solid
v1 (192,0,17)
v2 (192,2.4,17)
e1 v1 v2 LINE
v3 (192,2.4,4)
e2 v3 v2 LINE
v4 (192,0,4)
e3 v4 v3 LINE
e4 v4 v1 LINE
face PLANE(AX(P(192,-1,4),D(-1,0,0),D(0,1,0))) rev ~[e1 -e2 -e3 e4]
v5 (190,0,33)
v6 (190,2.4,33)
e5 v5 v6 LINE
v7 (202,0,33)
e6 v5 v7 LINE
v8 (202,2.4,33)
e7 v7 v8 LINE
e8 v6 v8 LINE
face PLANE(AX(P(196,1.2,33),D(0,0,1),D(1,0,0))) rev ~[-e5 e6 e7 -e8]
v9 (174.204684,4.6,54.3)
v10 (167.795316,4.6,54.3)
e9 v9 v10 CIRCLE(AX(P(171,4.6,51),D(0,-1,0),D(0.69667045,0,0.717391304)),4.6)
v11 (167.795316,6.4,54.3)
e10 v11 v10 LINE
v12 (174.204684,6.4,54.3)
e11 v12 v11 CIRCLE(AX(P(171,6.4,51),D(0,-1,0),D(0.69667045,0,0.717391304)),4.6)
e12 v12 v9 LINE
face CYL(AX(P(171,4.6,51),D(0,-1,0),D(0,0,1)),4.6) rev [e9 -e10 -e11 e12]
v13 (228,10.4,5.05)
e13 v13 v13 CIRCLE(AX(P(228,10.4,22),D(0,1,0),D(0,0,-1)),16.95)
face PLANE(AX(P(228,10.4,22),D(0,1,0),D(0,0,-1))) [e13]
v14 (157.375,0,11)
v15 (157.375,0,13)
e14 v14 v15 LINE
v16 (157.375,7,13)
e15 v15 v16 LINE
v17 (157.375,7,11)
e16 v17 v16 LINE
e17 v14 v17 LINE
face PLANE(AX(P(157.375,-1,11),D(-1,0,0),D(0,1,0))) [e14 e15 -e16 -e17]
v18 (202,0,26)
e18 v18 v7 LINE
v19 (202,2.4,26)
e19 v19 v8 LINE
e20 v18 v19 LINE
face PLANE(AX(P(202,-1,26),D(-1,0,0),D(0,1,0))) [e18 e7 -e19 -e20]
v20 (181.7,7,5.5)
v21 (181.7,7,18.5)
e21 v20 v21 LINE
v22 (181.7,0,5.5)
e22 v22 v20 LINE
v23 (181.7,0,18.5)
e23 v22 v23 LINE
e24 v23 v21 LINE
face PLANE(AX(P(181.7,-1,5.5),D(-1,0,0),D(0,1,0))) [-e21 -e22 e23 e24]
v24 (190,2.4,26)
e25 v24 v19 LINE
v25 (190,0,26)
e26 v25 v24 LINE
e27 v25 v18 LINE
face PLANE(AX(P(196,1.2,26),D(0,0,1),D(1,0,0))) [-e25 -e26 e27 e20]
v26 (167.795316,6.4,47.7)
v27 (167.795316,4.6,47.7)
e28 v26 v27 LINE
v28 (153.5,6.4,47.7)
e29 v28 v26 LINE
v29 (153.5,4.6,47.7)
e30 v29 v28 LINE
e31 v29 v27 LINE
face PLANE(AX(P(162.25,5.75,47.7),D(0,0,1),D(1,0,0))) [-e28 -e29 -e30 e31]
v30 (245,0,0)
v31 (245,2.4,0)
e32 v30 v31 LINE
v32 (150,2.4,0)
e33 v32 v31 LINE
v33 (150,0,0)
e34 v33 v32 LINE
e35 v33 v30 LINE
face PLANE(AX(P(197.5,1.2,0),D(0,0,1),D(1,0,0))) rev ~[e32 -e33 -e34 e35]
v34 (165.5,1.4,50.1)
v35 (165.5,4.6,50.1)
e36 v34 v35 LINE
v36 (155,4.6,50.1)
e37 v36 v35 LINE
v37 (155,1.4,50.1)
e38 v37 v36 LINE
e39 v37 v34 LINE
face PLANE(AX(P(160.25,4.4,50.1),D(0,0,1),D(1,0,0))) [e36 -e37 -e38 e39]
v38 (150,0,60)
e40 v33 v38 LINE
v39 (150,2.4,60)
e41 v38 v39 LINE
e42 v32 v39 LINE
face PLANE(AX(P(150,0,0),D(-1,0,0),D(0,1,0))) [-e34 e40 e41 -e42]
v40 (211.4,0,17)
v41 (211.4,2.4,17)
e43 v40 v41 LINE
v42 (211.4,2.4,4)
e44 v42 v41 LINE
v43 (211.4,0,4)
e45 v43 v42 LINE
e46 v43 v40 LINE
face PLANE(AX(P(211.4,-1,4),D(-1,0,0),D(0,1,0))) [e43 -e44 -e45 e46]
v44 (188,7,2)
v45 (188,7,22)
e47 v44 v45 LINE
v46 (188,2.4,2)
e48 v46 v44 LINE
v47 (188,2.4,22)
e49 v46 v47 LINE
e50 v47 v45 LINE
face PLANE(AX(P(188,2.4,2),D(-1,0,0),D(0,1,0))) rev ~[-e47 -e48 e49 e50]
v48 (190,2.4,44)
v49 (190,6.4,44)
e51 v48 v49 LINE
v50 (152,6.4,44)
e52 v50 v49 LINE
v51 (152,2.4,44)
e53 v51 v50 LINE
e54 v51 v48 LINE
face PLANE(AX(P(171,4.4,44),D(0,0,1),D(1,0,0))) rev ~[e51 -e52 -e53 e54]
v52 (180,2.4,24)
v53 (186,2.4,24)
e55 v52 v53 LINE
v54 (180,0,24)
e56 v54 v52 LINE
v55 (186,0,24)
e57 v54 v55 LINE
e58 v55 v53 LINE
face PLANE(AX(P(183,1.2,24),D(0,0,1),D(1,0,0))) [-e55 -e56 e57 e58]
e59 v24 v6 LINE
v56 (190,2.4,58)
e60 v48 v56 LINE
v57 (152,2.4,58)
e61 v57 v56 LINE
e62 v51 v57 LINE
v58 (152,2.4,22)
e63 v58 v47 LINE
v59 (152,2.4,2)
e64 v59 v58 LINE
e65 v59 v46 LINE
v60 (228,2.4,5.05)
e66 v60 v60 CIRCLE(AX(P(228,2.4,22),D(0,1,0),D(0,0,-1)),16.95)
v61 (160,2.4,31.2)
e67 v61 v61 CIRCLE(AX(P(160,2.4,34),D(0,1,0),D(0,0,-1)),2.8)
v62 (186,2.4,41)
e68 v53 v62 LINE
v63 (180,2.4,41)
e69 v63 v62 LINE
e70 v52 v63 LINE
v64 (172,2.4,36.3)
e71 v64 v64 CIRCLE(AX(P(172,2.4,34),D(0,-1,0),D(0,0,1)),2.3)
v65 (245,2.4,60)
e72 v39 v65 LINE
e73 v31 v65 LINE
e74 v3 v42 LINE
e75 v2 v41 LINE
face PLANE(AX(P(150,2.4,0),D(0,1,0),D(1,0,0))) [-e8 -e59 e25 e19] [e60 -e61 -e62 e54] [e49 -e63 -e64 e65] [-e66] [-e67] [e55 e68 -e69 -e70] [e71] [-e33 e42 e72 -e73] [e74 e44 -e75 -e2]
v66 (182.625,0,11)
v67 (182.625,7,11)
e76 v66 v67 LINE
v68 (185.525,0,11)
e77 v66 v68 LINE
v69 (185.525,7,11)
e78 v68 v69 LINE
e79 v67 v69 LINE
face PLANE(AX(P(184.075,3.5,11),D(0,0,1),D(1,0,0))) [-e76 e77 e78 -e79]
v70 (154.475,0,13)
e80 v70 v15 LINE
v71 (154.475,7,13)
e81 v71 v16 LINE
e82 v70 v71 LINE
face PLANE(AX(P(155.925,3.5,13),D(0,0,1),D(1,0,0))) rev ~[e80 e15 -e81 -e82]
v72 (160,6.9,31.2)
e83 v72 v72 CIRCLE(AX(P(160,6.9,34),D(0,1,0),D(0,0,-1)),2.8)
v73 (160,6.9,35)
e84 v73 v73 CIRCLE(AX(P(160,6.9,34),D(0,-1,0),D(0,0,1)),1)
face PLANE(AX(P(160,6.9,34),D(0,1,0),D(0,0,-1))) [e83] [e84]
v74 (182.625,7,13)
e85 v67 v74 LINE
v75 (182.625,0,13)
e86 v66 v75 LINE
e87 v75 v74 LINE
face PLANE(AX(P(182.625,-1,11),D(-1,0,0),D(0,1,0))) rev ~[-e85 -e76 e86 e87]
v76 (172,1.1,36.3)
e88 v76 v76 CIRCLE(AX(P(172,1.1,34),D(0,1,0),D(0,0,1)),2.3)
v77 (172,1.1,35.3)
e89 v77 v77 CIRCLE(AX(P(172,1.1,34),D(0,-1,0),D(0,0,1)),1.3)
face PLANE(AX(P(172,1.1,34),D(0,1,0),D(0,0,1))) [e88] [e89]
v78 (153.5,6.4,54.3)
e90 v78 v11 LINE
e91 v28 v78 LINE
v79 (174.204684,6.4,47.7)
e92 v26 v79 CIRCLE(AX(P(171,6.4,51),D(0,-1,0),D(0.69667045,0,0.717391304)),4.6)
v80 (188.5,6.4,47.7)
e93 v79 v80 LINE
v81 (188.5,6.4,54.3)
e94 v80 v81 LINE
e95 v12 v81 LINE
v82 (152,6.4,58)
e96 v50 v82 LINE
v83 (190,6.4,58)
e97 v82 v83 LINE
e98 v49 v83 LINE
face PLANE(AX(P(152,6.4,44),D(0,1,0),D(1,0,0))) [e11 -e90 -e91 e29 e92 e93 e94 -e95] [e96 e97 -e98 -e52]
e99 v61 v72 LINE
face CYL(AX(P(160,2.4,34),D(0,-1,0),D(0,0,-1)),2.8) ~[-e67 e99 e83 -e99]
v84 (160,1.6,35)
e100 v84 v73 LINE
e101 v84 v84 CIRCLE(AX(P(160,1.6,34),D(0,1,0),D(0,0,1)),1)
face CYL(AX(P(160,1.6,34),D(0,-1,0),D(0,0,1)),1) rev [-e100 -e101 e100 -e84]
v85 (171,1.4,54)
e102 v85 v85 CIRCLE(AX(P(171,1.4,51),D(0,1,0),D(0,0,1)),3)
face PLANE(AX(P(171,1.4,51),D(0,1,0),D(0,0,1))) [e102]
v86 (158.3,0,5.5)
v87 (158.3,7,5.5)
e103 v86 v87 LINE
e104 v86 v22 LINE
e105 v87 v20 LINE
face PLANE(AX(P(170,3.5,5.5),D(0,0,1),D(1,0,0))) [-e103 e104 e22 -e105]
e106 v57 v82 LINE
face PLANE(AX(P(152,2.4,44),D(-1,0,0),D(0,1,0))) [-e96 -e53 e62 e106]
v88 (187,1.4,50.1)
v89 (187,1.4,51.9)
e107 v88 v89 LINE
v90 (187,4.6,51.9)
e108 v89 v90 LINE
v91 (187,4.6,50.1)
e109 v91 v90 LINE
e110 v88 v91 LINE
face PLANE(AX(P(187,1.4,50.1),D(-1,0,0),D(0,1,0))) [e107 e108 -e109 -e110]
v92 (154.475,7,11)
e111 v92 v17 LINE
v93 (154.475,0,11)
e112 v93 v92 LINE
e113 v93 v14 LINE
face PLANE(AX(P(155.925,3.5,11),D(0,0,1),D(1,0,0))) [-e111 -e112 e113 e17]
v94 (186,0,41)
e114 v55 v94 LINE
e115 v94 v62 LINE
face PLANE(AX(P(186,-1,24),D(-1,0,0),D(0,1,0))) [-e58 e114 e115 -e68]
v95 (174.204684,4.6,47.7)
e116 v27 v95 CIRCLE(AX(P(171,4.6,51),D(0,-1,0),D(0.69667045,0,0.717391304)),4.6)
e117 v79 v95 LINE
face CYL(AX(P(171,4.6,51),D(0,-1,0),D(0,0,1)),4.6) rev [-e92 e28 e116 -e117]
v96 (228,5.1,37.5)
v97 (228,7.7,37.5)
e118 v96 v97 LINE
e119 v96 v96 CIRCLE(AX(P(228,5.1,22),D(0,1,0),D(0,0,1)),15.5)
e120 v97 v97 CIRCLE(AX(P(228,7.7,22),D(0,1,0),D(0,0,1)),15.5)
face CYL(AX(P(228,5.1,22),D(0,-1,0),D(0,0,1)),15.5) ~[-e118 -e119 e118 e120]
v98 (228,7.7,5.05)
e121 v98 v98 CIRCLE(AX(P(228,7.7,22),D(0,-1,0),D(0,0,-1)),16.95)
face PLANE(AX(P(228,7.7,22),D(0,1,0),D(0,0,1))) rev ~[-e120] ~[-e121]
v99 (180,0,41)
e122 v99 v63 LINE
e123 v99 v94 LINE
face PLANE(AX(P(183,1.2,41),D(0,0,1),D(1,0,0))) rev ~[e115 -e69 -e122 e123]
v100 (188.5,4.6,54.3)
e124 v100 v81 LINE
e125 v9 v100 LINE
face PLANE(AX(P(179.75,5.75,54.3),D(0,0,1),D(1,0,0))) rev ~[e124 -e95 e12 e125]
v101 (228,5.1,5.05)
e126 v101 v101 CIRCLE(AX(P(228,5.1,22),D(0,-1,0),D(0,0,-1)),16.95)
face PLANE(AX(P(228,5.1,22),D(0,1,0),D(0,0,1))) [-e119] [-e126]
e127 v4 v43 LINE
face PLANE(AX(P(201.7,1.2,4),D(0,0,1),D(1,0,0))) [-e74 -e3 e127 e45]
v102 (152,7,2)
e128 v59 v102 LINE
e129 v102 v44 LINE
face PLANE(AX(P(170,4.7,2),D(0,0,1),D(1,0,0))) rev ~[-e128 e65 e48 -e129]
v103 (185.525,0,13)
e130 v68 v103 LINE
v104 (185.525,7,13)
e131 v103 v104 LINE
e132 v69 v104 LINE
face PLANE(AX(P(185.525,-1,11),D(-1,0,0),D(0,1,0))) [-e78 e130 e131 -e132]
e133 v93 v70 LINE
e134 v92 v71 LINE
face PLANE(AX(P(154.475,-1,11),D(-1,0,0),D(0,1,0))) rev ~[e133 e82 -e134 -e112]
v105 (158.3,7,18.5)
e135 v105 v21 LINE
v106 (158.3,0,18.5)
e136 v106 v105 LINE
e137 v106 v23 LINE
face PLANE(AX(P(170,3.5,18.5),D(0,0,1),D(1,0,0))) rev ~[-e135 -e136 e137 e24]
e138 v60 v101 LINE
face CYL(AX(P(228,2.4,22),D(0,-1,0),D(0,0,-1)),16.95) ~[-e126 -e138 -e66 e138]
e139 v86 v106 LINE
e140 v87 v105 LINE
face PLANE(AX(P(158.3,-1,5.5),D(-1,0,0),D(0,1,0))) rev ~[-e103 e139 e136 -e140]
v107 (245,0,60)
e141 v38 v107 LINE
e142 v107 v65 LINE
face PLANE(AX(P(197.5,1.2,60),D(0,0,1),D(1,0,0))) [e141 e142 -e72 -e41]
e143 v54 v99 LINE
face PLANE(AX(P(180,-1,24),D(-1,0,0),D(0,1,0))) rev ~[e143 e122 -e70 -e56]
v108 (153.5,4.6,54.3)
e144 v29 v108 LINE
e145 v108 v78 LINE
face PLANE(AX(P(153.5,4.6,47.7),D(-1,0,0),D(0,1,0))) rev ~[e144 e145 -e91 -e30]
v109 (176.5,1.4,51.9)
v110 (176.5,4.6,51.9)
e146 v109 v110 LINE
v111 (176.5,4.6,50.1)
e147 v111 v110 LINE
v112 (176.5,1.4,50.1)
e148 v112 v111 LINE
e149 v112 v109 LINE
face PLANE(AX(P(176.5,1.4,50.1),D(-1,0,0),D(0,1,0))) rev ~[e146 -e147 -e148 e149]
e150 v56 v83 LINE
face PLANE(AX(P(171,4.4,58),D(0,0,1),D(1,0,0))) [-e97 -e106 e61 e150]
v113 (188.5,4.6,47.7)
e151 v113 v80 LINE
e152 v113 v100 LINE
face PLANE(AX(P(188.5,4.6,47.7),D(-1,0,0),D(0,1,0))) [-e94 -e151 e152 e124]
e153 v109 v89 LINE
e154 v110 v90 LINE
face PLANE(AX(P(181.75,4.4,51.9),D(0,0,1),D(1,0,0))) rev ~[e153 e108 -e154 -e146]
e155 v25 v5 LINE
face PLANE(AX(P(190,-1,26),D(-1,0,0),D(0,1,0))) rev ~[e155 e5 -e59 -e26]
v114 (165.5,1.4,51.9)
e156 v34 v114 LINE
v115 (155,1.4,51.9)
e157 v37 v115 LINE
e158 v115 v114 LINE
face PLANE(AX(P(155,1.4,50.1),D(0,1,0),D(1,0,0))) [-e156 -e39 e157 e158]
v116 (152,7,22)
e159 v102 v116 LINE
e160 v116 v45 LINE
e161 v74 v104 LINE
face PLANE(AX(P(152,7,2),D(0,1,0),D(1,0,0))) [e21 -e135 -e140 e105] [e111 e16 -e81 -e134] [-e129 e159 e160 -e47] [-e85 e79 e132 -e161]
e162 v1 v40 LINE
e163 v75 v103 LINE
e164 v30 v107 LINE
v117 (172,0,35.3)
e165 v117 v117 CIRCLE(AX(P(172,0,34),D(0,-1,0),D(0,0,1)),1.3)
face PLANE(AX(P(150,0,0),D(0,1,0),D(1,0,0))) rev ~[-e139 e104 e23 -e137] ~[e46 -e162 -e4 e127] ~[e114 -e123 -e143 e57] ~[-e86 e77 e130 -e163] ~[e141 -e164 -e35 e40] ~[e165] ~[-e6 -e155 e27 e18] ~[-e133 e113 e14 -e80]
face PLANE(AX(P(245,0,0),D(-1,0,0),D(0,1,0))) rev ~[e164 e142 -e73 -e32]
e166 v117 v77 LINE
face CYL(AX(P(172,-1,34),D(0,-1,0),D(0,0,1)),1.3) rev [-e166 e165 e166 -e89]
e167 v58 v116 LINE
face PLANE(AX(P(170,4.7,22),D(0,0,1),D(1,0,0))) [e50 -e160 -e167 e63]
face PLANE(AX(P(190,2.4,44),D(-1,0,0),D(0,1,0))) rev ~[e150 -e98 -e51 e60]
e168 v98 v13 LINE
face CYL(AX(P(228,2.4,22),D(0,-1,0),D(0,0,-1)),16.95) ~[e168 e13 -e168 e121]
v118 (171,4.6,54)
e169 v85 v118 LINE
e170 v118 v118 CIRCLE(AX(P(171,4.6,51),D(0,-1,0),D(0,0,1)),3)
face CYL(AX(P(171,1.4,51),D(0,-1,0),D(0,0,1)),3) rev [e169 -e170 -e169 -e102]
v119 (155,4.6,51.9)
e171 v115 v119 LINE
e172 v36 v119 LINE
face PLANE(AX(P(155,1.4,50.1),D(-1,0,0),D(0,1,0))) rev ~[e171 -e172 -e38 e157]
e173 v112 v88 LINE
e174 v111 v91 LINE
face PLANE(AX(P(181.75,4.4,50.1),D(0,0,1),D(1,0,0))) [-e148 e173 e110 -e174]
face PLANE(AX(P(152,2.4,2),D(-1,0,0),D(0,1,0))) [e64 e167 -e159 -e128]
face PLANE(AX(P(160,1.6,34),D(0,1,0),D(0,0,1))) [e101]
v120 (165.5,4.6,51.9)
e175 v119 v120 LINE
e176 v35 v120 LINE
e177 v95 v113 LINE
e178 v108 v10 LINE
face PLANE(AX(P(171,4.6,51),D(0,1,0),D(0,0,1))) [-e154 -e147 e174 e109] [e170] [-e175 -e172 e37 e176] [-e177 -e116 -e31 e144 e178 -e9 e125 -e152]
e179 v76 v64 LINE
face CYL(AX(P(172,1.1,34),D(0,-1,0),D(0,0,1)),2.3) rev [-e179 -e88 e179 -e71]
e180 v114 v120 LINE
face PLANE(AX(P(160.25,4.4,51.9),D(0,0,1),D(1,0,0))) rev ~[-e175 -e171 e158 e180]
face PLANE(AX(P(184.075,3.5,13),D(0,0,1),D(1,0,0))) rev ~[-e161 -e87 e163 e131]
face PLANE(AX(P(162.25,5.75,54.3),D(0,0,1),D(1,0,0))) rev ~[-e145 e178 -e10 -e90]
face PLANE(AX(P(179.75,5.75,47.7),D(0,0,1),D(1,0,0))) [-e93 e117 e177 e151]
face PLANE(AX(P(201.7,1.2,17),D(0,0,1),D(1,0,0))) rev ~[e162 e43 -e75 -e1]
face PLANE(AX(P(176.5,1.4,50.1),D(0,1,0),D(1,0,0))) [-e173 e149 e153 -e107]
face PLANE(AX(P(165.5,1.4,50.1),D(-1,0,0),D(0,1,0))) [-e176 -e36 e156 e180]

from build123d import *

# Parameters (mm, degrees)
SKETCH1_W            = 95
SKETCH1_H            = 2.4
BOSS_EXTRUDE1_DEPTH  = 60
BOSS_EXTRUDE2_START  = 2
SKETCH2_W            = 36
SKETCH2_H            = 4.6
BOSS_EXTRUDE2_DEPTH  = 20
BOSS_EXTRUDE3_START  = 5.5
SKETCH3_W            = 23.4
SKETCH3_H            = 9
BOSS_EXTRUDE3_DEPTH  = 13
BOSS_EXTRUDE4_START  = 11
SKETCH4_W            = 2.9
SKETCH4_H            = 9
BOSS_EXTRUDE4_DEPTH  = 2
BOSS_EXTRUDE5_START  = 11
SKETCH5_W            = 2.9
SKETCH5_H            = 9
BOSS_EXTRUDE5_DEPTH  = 2
BOSS_EXTRUDE6_START  = 4
SKETCH6_W            = 19.4
SKETCH6_H            = 4.4
BOSS_EXTRUDE6_DEPTH  = 13
BOSS_EXTRUDE7_START  = 2.4
SKETCH7_R            = 2.8
BOSS_EXTRUDE7_DEPTH  = 4.5
BOSS_EXTRUDE8_START  = 1.6
SKETCH8_R            = 1
BOSS_EXTRUDE8_DEPTH  = 6.3
BOSS_EXTRUDE9_START  = -1
SKETCH9_R            = 1.3
BOSS_EXTRUDE9_DEPTH  = 4.4
BOSS_EXTRUDE10_START = 1.1
SKETCH10_R           = 2.3
BOSS_EXTRUDE10_DEPTH = 2.3
BOSS_EXTRUDE11_START = 24
SKETCH11_W           = 6
SKETCH11_H           = 4.4
BOSS_EXTRUDE11_DEPTH = 17
BOSS_EXTRUDE12_START = 26
SKETCH12_W           = 12
SKETCH12_H           = 4.4
BOSS_EXTRUDE12_DEPTH = 7
BOSS_EXTRUDE13_START = 2.4
SKETCH13_R           = 16.95
BOSS_EXTRUDE13_DEPTH = 8
BOSS_EXTRUDE14_START = 5.1
SKETCH14_R           = 20
BOSS_EXTRUDE14_DEPTH = 2.6
BOSS_EXTRUDE15_START = 5.1
SKETCH15_R           = 15.5
BOSS_EXTRUDE15_DEPTH = 2.6
BOSS_EXTRUDE16_START = 44
SKETCH16_W           = 38
SKETCH16_H           = 4
BOSS_EXTRUDE16_DEPTH = 14
BOSS_EXTRUDE17_START = 4.6
SKETCH17_R           = 4.6
BOSS_EXTRUDE17_DEPTH = 2.3
BOSS_EXTRUDE18_START = 47.7
SKETCH18_W           = 17.5
SKETCH18_H           = 2.3
BOSS_EXTRUDE18_DEPTH = 6.6
BOSS_EXTRUDE19_START = 50.1
SKETCH19_W           = 10.5
SKETCH19_H           = 6
BOSS_EXTRUDE19_DEPTH = 1.8
BOSS_EXTRUDE20_START = 47.7
SKETCH20_W           = 17.5
SKETCH20_H           = 2.3
BOSS_EXTRUDE20_DEPTH = 6.6
BOSS_EXTRUDE21_START = 50.1
SKETCH21_W           = 10.5
SKETCH21_H           = 6
BOSS_EXTRUDE21_DEPTH = 1.8
BOSS_EXTRUDE22_START = 1.4
SKETCH22_R           = 3
BOSS_EXTRUDE22_DEPTH = 6


with BuildPart() as part:
    # Sketch1 → Boss-Extrude1 (new body)
    with BuildSketch(Plane.XY):
        with Locations((197.5, 1.2)):
            Rectangle(SKETCH1_W, SKETCH1_H)
    extrude(amount=BOSS_EXTRUDE1_DEPTH)

    # Sketch2 → Boss-Extrude2 (add)
    with BuildSketch(Plane.XY.offset(BOSS_EXTRUDE2_START)):
        with Locations((170, 4.7)):
            Rectangle(SKETCH2_W, SKETCH2_H)
    extrude(amount=BOSS_EXTRUDE2_DEPTH)


with BuildPart() as body_2:
    # Sketch3 → Boss-Extrude3 (new body)
    with BuildSketch(Plane.XY.offset(BOSS_EXTRUDE3_START)):
        with Locations((170, 3.5)):
            Rectangle(SKETCH3_W, SKETCH3_H)
    extrude(amount=BOSS_EXTRUDE3_DEPTH)


with BuildPart() as part_1:
    add(part.part)

    # Combine1: cut body 2
    add(body_2.part, mode=Mode.SUBTRACT)


with BuildPart() as body_2_2:
    # Sketch4 → Boss-Extrude4 (new body)
    with BuildSketch(Plane.XY.offset(BOSS_EXTRUDE4_START)):
        with Locations((155.925, 3.5)):
            Rectangle(SKETCH4_W, SKETCH4_H)
    extrude(amount=BOSS_EXTRUDE4_DEPTH)


with BuildPart() as part_2:
    add(part_1.part)

    # Combine2: cut body 2 2
    add(body_2_2.part, mode=Mode.SUBTRACT)


with BuildPart() as body_2_3:
    # Sketch5 → Boss-Extrude5 (new body)
    with BuildSketch(Plane.XY.offset(BOSS_EXTRUDE5_START)):
        with Locations((184.075, 3.5)):
            Rectangle(SKETCH5_W, SKETCH5_H)
    extrude(amount=BOSS_EXTRUDE5_DEPTH)


with BuildPart() as part_3:
    add(part_2.part)

    # Combine3: cut body 2 3
    add(body_2_3.part, mode=Mode.SUBTRACT)


with BuildPart() as body_2_4:
    # Sketch6 → Boss-Extrude6 (new body)
    with BuildSketch(Plane.XY.offset(BOSS_EXTRUDE6_START)):
        with Locations((201.7, 1.2)):
            Rectangle(SKETCH6_W, SKETCH6_H)
    extrude(amount=BOSS_EXTRUDE6_DEPTH)


with BuildPart() as part_4:
    add(part_3.part)

    # Combine4: cut body 2 4
    add(body_2_4.part, mode=Mode.SUBTRACT)

    # Sketch7 → Boss-Extrude7 (add)
    with BuildSketch(Plane(origin=(0, 0, 0), x_dir=(1, 0, 0), z_dir=(0, 1, 0)).offset(BOSS_EXTRUDE7_START)):
        with Locations((160, -34)):
            Circle(SKETCH7_R)
    extrude(amount=BOSS_EXTRUDE7_DEPTH)


with BuildPart() as body_2_5:
    # Sketch8 → Boss-Extrude8 (new body)
    with BuildSketch(Plane(origin=(0, 0, 0), x_dir=(1, 0, 0), z_dir=(0, 1, 0)).offset(BOSS_EXTRUDE8_START)):
        with Locations((160, -34)):
            Circle(SKETCH8_R)
    extrude(amount=BOSS_EXTRUDE8_DEPTH)


with BuildPart() as part_5:
    add(part_4.part)

    # Combine5: cut body 2 5
    add(body_2_5.part, mode=Mode.SUBTRACT)


with BuildPart() as body_2_6:
    # Sketch9 → Boss-Extrude9 (new body)
    with BuildSketch(Plane(origin=(0, 0, 0), x_dir=(1, 0, 0), z_dir=(0, 1, 0)).offset(BOSS_EXTRUDE9_START)):
        with Locations((172, -34)):
            Circle(SKETCH9_R)
    extrude(amount=BOSS_EXTRUDE9_DEPTH)


with BuildPart() as part_6:
    add(part_5.part)

    # Combine6: cut body 2 6
    add(body_2_6.part, mode=Mode.SUBTRACT)


with BuildPart() as body_2_7:
    # Sketch10 → Boss-Extrude10 (new body)
    with BuildSketch(Plane(origin=(0, 0, 0), x_dir=(1, 0, 0), z_dir=(0, 1, 0)).offset(BOSS_EXTRUDE10_START)):
        with Locations((172, -34)):
            Circle(SKETCH10_R)
    extrude(amount=BOSS_EXTRUDE10_DEPTH)


with BuildPart() as part_7:
    add(part_6.part)

    # Combine7: cut body 2 7
    add(body_2_7.part, mode=Mode.SUBTRACT)


with BuildPart() as body_2_8:
    # Sketch11 → Boss-Extrude11 (new body)
    with BuildSketch(Plane.XY.offset(BOSS_EXTRUDE11_START)):
        with Locations((183, 1.2)):
            Rectangle(SKETCH11_W, SKETCH11_H)
    extrude(amount=BOSS_EXTRUDE11_DEPTH)


with BuildPart() as part_8:
    add(part_7.part)

    # Combine8: cut body 2 8
    add(body_2_8.part, mode=Mode.SUBTRACT)


with BuildPart() as body_2_9:
    # Sketch12 → Boss-Extrude12 (new body)
    with BuildSketch(Plane.XY.offset(BOSS_EXTRUDE12_START)):
        with Locations((196, 1.2)):
            Rectangle(SKETCH12_W, SKETCH12_H)
    extrude(amount=BOSS_EXTRUDE12_DEPTH)


with BuildPart() as part_9:
    add(part_8.part)

    # Combine9: cut body 2 9
    add(body_2_9.part, mode=Mode.SUBTRACT)

    # Sketch13 → Boss-Extrude13 (add)
    with BuildSketch(Plane(origin=(0, 0, 0), x_dir=(1, 0, 0), z_dir=(0, 1, 0)).offset(BOSS_EXTRUDE13_START)):
        with Locations((228, -22)):
            Circle(SKETCH13_R)
    extrude(amount=BOSS_EXTRUDE13_DEPTH)


with BuildPart() as body_2_10:
    # Sketch14 → Boss-Extrude14 (new body)
    with BuildSketch(Plane(origin=(0, 0, 0), x_dir=(1, 0, 0), z_dir=(0, 1, 0)).offset(BOSS_EXTRUDE14_START)):
        with Locations((228, -22)):
            Circle(SKETCH14_R)
    extrude(amount=BOSS_EXTRUDE14_DEPTH)


with BuildPart() as part_10:
    add(part_9.part)

    # Combine10: cut body 2 10
    add(body_2_10.part, mode=Mode.SUBTRACT)

    # Sketch15 → Boss-Extrude15 (add)
    with BuildSketch(Plane(origin=(0, 0, 0), x_dir=(1, 0, 0), z_dir=(0, 1, 0)).offset(BOSS_EXTRUDE15_START)):
        with Locations((228, -22)):
            Circle(SKETCH15_R)
    extrude(amount=BOSS_EXTRUDE15_DEPTH)

    # Sketch16 → Boss-Extrude16 (add)
    with BuildSketch(Plane.XY.offset(BOSS_EXTRUDE16_START)):
        with Locations((171, 4.4)):
            Rectangle(SKETCH16_W, SKETCH16_H)
    extrude(amount=BOSS_EXTRUDE16_DEPTH)


with BuildPart() as body_2_11:
    # Sketch17 → Boss-Extrude17 (new body)
    with BuildSketch(Plane(origin=(0, 0, 0), x_dir=(1, 0, 0), z_dir=(0, 1, 0)).offset(BOSS_EXTRUDE17_START)):
        with Locations((171, -51)):
            Circle(SKETCH17_R)
    extrude(amount=BOSS_EXTRUDE17_DEPTH)


with BuildPart() as part_11:
    add(part_10.part)

    # Combine11: cut body 2 11
    add(body_2_11.part, mode=Mode.SUBTRACT)


with BuildPart() as body_2_12:
    # Sketch18 → Boss-Extrude18 (new body)
    with BuildSketch(Plane.XY.offset(BOSS_EXTRUDE18_START)):
        with Locations((179.75, 5.75)):
            Rectangle(SKETCH18_W, SKETCH18_H)
    extrude(amount=BOSS_EXTRUDE18_DEPTH)


with BuildPart() as part_12:
    add(part_11.part)

    # Combine12: cut body 2 12
    add(body_2_12.part, mode=Mode.SUBTRACT)


with BuildPart() as body_2_13:
    # Sketch19 → Boss-Extrude19 (new body)
    with BuildSketch(Plane.XY.offset(BOSS_EXTRUDE19_START)):
        with Locations((181.75, 4.4)):
            Rectangle(SKETCH19_W, SKETCH19_H)
    extrude(amount=BOSS_EXTRUDE19_DEPTH)


with BuildPart() as part_13:
    add(part_12.part)

    # Combine13: cut body 2 13
    add(body_2_13.part, mode=Mode.SUBTRACT)


with BuildPart() as body_2_14:
    # Sketch20 → Boss-Extrude20 (new body)
    with BuildSketch(Plane.XY.offset(BOSS_EXTRUDE20_START)):
        with Locations((162.25, 5.75)):
            Rectangle(SKETCH20_W, SKETCH20_H)
    extrude(amount=BOSS_EXTRUDE20_DEPTH)


with BuildPart() as part_14:
    add(part_13.part)

    # Combine14: cut body 2 14
    add(body_2_14.part, mode=Mode.SUBTRACT)


with BuildPart() as body_2_15:
    # Sketch21 → Boss-Extrude21 (new body)
    with BuildSketch(Plane.XY.offset(BOSS_EXTRUDE21_START)):
        with Locations((160.25, 4.4)):
            Rectangle(SKETCH21_W, SKETCH21_H)
    extrude(amount=BOSS_EXTRUDE21_DEPTH)


with BuildPart() as part_15:
    add(part_14.part)

    # Combine15: cut body 2 15
    add(body_2_15.part, mode=Mode.SUBTRACT)


with BuildPart() as body_2_16:
    # Sketch22 → Boss-Extrude22 (new body)
    with BuildSketch(Plane(origin=(0, 0, 0), x_dir=(1, 0, 0), z_dir=(0, 1, 0)).offset(BOSS_EXTRUDE22_START)):
        with Locations((171, -51)):
            Circle(SKETCH22_R)
    extrude(amount=BOSS_EXTRUDE22_DEPTH)


with BuildPart() as part_16:
    add(part_15.part)

    # Combine16: cut body 2 16
    add(body_2_16.part, mode=Mode.SUBTRACT)


solid = part_16.part
